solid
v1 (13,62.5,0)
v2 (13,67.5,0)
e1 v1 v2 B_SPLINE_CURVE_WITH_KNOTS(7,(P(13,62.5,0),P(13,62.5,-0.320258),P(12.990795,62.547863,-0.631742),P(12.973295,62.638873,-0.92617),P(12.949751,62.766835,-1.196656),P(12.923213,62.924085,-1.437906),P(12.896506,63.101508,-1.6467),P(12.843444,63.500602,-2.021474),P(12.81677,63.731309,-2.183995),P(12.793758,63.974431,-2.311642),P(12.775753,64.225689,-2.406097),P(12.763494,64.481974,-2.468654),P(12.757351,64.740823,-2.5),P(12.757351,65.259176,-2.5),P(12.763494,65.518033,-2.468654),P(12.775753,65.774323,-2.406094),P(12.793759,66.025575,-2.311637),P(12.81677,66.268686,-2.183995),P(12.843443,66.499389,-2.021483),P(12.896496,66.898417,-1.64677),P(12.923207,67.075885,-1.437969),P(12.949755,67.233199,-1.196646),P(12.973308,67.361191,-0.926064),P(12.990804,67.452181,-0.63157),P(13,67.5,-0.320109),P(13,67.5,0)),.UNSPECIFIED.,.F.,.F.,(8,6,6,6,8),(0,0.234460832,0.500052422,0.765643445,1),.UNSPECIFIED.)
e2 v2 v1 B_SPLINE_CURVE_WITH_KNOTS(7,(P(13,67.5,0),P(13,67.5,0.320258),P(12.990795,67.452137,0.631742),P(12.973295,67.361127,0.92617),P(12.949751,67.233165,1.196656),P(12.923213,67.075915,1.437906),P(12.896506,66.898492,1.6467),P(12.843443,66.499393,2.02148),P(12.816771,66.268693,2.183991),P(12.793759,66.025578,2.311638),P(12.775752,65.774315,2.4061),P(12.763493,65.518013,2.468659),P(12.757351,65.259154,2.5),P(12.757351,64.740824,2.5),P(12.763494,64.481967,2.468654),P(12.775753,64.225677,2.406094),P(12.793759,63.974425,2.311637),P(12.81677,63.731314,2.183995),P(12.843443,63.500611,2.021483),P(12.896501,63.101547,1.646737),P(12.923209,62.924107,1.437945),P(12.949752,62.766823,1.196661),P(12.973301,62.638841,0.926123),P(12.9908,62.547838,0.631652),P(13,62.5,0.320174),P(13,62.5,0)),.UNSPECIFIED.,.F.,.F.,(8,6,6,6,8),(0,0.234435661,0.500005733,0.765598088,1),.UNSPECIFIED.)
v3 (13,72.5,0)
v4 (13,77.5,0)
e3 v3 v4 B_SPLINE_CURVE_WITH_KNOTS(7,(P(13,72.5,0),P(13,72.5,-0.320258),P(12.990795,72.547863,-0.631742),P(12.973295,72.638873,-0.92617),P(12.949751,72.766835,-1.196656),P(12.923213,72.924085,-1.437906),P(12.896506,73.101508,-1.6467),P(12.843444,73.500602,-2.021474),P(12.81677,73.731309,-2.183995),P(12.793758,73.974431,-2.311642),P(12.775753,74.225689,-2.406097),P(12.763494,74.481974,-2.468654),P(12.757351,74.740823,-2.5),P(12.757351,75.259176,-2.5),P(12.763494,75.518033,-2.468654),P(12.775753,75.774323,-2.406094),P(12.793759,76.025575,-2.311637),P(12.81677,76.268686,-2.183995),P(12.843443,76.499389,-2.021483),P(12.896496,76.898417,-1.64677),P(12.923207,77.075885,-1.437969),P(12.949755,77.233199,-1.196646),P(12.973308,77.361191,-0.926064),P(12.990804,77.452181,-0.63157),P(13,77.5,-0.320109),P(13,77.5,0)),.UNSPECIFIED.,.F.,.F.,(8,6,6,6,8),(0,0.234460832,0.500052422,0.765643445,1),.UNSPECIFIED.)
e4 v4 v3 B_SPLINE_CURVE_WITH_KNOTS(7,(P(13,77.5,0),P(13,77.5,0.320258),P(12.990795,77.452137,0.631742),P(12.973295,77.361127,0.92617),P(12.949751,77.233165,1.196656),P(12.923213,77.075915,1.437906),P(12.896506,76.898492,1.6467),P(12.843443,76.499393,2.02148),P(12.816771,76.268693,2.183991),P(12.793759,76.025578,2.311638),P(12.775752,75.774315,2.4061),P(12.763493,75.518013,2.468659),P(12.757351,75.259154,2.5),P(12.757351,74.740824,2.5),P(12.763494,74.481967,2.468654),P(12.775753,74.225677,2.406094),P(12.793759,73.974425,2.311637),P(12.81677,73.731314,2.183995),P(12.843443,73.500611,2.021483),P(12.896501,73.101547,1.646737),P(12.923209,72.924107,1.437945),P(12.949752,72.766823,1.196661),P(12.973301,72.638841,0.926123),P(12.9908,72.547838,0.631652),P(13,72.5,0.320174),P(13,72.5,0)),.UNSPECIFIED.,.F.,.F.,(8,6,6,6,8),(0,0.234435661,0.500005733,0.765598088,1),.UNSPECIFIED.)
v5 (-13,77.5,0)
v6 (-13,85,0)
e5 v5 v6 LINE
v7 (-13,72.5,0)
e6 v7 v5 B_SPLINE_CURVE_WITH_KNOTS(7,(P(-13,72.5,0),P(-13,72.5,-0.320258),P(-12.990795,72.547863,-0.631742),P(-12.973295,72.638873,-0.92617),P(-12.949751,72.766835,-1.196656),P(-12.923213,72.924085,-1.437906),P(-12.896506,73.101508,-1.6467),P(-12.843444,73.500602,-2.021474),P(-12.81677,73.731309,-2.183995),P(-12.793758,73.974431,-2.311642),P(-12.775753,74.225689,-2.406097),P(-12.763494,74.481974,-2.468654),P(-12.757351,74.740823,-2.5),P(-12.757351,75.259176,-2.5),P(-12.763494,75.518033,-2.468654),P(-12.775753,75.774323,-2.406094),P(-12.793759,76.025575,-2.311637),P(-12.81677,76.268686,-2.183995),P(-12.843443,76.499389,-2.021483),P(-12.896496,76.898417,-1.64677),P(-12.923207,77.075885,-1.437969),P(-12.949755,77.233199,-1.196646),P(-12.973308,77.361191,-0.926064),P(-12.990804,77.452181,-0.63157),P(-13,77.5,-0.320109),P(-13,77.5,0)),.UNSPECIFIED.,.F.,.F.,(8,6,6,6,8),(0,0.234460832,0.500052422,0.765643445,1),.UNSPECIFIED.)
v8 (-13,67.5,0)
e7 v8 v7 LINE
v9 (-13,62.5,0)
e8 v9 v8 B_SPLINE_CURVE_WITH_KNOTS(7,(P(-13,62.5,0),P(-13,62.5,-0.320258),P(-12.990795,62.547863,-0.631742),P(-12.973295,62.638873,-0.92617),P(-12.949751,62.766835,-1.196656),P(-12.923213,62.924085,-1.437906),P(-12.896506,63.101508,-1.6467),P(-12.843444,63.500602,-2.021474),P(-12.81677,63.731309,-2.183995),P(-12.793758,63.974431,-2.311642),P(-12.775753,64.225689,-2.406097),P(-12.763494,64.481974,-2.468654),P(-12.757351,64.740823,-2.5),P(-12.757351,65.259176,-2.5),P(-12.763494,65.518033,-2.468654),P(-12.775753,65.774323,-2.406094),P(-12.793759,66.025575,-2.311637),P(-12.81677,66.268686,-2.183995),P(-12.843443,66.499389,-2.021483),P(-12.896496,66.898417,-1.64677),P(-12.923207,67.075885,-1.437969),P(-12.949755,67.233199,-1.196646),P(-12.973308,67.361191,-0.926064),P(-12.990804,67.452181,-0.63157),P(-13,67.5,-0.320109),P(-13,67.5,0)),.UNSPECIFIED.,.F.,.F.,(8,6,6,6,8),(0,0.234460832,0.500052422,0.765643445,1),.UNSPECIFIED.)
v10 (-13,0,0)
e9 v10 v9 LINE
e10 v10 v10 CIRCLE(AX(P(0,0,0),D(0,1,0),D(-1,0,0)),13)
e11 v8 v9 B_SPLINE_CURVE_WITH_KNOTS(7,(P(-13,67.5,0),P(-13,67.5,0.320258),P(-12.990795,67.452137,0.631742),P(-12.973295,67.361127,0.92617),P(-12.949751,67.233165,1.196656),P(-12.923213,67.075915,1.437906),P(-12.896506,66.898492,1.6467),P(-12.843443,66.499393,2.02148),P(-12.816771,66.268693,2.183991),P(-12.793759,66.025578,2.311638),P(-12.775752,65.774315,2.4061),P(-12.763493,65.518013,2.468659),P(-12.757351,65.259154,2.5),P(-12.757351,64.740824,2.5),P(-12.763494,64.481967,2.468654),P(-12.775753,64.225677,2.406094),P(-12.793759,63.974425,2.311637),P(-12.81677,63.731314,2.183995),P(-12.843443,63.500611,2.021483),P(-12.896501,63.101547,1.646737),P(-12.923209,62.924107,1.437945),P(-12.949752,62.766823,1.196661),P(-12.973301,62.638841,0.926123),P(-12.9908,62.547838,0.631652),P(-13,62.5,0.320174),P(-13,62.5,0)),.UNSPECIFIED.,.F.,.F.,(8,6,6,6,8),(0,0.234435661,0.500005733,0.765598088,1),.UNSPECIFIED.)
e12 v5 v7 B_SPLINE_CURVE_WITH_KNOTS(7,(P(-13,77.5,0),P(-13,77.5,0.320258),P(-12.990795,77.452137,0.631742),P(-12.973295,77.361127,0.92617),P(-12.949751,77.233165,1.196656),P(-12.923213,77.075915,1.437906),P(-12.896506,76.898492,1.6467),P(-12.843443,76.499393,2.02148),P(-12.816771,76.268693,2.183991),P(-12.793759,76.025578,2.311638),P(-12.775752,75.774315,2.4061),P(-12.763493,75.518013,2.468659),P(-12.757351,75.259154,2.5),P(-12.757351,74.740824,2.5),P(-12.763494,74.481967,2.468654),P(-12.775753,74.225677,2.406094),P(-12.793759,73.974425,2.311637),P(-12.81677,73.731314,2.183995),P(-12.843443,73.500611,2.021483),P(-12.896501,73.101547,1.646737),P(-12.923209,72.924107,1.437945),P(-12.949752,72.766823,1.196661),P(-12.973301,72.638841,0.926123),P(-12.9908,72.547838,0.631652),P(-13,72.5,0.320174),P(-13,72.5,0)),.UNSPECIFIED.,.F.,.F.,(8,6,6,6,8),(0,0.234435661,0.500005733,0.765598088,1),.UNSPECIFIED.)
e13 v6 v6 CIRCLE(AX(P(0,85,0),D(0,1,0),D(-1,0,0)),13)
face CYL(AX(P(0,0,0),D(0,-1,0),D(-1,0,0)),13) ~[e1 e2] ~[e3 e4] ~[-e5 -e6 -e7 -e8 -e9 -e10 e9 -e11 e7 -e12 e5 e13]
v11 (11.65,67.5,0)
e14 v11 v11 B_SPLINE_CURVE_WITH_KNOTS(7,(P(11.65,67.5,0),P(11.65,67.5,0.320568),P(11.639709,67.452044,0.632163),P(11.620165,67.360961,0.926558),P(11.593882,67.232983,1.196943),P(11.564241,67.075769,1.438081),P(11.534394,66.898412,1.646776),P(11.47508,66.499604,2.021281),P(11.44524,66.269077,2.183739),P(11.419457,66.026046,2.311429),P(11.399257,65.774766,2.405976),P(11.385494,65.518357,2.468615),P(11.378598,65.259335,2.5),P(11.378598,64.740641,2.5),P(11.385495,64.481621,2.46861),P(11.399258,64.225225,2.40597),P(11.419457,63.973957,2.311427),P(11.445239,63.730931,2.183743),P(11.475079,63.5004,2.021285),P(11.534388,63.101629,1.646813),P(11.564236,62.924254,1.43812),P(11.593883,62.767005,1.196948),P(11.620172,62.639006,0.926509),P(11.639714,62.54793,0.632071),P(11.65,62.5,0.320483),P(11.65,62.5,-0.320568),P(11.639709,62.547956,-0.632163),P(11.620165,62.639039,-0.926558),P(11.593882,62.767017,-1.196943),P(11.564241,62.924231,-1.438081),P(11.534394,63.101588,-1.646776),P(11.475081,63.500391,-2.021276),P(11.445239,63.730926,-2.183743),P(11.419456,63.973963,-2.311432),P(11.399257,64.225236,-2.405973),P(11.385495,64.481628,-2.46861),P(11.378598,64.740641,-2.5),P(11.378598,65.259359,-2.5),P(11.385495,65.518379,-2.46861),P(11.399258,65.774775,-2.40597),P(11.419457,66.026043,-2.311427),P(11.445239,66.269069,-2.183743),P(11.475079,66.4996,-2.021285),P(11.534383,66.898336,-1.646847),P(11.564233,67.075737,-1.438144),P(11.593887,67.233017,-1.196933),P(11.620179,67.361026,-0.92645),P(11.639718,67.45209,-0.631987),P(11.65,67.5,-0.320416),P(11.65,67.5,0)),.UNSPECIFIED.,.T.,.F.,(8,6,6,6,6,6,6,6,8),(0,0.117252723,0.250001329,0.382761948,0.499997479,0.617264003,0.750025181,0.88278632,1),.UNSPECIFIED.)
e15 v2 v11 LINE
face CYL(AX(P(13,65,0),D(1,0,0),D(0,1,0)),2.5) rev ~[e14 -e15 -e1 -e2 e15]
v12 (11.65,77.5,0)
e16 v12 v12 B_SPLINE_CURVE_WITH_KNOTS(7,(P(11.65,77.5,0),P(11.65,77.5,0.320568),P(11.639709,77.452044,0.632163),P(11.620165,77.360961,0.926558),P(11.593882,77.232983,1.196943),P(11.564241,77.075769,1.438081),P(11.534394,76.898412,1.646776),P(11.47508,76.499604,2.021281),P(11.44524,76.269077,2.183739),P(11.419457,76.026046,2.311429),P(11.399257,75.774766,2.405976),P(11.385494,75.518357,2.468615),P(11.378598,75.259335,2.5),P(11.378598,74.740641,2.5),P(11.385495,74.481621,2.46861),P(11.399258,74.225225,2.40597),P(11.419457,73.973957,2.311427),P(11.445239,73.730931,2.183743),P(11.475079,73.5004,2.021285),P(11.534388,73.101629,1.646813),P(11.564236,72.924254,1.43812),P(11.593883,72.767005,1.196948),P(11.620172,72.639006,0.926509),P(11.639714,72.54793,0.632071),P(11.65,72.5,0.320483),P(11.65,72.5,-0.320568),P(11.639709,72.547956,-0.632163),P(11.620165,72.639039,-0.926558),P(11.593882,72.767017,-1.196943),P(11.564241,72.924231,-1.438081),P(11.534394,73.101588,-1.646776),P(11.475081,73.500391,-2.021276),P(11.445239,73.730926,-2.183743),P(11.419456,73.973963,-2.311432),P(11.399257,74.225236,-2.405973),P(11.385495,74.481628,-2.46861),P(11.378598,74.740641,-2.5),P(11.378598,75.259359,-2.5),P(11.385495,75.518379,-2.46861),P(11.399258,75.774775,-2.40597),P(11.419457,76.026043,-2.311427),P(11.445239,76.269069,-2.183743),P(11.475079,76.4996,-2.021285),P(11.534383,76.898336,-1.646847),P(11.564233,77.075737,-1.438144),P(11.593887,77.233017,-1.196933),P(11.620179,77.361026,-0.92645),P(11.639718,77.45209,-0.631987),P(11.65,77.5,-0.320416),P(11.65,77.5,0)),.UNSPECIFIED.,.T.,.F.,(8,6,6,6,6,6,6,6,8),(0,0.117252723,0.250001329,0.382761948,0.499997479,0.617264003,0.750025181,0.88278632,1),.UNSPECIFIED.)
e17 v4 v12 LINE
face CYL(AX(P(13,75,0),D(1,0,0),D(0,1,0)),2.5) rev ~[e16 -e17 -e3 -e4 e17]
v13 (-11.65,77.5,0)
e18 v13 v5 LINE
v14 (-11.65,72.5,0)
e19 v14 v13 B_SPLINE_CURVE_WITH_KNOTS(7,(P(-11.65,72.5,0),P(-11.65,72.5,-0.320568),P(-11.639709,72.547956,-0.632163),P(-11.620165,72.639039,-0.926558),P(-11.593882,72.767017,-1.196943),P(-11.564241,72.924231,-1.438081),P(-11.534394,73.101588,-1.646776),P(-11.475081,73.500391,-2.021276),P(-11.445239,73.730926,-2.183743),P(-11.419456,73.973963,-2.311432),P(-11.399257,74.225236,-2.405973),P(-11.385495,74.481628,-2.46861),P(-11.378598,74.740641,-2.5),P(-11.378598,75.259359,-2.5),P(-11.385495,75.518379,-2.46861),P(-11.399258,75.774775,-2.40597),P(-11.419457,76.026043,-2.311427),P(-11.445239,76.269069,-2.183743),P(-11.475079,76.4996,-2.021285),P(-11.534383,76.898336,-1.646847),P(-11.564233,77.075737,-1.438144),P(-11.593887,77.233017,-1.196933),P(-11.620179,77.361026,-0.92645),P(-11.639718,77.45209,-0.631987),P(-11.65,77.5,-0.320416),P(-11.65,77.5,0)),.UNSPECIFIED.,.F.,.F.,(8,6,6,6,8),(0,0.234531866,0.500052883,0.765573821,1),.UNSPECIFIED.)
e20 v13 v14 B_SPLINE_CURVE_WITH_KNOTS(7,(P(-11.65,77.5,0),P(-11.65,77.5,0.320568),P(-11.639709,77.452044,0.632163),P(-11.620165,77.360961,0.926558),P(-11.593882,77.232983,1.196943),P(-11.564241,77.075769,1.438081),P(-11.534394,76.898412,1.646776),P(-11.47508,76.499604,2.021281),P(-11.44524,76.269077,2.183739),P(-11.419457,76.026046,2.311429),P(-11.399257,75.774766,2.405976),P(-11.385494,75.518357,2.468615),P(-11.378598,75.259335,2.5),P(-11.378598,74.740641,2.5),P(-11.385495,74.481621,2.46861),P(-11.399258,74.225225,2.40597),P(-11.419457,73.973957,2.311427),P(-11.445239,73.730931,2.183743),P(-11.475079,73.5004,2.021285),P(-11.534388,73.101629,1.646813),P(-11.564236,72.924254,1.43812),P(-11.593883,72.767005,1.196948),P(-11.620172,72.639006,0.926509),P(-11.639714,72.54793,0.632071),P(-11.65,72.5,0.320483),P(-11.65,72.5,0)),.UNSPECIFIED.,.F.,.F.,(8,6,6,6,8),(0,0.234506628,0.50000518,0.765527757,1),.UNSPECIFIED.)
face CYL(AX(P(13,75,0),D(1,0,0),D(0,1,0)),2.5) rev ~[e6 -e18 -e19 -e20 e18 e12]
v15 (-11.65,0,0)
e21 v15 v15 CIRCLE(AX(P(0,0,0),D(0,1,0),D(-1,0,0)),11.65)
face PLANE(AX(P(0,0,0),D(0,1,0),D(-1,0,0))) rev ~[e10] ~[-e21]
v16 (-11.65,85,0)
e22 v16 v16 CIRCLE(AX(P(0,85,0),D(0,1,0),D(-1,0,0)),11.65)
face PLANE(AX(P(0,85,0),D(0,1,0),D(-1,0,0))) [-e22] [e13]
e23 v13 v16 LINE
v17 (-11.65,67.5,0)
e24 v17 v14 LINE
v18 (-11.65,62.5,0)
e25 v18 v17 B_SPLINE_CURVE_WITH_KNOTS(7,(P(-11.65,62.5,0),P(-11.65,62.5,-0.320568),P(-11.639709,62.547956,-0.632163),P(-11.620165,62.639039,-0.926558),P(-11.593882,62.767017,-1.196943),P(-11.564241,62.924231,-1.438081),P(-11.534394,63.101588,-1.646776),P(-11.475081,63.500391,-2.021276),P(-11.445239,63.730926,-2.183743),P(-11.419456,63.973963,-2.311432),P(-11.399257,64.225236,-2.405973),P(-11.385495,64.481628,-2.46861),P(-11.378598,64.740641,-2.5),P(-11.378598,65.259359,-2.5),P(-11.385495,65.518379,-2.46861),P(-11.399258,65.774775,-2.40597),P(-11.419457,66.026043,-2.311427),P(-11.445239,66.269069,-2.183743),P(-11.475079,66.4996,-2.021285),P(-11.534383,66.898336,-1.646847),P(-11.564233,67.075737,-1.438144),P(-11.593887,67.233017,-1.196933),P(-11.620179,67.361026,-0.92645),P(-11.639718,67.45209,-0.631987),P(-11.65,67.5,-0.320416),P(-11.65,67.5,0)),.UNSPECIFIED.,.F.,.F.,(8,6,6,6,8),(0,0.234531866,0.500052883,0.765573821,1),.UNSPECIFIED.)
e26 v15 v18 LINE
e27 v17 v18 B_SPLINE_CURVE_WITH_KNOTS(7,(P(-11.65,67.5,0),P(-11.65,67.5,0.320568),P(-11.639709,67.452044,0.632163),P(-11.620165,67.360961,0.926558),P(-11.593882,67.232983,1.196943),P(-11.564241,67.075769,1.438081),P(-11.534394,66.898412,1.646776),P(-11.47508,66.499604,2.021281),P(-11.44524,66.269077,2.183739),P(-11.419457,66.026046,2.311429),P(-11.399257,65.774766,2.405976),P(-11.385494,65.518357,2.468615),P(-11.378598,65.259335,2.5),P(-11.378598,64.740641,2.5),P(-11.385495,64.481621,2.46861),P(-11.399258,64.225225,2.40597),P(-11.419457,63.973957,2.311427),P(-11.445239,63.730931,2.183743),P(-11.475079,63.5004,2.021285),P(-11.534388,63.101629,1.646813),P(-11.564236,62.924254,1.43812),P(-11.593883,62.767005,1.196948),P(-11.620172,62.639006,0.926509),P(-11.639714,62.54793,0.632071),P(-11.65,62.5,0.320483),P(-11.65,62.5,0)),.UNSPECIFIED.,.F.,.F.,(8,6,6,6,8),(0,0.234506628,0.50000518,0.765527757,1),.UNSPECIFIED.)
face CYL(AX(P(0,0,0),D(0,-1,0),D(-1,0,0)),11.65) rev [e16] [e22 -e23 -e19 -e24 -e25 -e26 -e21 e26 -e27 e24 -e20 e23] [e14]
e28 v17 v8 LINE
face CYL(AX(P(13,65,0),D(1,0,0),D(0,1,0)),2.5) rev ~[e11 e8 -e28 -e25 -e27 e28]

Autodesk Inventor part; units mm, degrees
ref_plane "XZ Plane" through (0, 0, 0) normal (0, 1, 0) x (-1, 0, 0)
ref_plane "XY Plane" through (0, 0, 0) normal (0, 0, 1) x (1, 0, 0)
sketch "Sketch1" plane through (0, 0, 0) normal (0, 1, 0) x (-1, 0, 0)
  circle A0 centre (0, 0) radius 13
  circle A1 centre (0, 0) radius 11.65
  dimension "d0" = 26
  dimension "d1" = 23.3
extrude "Extrusion1" add sketch "Sketch1" along normal blind 85
ref_plane "Work Plane1" through (13, 0, 0) normal (1, 0, 0) x (0, 1, 0)
sketch "Sketch2" plane through (13, 0, 0) normal (1, 0, 0) x (0, 1, 0)
  line L0 (0, -13) -> (85, -13) projected
  circle A0 centre (75, 0) radius 2.5
  circle A1 centre (65, 0) radius 2.5
  point P0 (0, 0)
extrude "Extrusion2" cut sketch "Sketch2" against normal through all
properties part number "8,5cm"
